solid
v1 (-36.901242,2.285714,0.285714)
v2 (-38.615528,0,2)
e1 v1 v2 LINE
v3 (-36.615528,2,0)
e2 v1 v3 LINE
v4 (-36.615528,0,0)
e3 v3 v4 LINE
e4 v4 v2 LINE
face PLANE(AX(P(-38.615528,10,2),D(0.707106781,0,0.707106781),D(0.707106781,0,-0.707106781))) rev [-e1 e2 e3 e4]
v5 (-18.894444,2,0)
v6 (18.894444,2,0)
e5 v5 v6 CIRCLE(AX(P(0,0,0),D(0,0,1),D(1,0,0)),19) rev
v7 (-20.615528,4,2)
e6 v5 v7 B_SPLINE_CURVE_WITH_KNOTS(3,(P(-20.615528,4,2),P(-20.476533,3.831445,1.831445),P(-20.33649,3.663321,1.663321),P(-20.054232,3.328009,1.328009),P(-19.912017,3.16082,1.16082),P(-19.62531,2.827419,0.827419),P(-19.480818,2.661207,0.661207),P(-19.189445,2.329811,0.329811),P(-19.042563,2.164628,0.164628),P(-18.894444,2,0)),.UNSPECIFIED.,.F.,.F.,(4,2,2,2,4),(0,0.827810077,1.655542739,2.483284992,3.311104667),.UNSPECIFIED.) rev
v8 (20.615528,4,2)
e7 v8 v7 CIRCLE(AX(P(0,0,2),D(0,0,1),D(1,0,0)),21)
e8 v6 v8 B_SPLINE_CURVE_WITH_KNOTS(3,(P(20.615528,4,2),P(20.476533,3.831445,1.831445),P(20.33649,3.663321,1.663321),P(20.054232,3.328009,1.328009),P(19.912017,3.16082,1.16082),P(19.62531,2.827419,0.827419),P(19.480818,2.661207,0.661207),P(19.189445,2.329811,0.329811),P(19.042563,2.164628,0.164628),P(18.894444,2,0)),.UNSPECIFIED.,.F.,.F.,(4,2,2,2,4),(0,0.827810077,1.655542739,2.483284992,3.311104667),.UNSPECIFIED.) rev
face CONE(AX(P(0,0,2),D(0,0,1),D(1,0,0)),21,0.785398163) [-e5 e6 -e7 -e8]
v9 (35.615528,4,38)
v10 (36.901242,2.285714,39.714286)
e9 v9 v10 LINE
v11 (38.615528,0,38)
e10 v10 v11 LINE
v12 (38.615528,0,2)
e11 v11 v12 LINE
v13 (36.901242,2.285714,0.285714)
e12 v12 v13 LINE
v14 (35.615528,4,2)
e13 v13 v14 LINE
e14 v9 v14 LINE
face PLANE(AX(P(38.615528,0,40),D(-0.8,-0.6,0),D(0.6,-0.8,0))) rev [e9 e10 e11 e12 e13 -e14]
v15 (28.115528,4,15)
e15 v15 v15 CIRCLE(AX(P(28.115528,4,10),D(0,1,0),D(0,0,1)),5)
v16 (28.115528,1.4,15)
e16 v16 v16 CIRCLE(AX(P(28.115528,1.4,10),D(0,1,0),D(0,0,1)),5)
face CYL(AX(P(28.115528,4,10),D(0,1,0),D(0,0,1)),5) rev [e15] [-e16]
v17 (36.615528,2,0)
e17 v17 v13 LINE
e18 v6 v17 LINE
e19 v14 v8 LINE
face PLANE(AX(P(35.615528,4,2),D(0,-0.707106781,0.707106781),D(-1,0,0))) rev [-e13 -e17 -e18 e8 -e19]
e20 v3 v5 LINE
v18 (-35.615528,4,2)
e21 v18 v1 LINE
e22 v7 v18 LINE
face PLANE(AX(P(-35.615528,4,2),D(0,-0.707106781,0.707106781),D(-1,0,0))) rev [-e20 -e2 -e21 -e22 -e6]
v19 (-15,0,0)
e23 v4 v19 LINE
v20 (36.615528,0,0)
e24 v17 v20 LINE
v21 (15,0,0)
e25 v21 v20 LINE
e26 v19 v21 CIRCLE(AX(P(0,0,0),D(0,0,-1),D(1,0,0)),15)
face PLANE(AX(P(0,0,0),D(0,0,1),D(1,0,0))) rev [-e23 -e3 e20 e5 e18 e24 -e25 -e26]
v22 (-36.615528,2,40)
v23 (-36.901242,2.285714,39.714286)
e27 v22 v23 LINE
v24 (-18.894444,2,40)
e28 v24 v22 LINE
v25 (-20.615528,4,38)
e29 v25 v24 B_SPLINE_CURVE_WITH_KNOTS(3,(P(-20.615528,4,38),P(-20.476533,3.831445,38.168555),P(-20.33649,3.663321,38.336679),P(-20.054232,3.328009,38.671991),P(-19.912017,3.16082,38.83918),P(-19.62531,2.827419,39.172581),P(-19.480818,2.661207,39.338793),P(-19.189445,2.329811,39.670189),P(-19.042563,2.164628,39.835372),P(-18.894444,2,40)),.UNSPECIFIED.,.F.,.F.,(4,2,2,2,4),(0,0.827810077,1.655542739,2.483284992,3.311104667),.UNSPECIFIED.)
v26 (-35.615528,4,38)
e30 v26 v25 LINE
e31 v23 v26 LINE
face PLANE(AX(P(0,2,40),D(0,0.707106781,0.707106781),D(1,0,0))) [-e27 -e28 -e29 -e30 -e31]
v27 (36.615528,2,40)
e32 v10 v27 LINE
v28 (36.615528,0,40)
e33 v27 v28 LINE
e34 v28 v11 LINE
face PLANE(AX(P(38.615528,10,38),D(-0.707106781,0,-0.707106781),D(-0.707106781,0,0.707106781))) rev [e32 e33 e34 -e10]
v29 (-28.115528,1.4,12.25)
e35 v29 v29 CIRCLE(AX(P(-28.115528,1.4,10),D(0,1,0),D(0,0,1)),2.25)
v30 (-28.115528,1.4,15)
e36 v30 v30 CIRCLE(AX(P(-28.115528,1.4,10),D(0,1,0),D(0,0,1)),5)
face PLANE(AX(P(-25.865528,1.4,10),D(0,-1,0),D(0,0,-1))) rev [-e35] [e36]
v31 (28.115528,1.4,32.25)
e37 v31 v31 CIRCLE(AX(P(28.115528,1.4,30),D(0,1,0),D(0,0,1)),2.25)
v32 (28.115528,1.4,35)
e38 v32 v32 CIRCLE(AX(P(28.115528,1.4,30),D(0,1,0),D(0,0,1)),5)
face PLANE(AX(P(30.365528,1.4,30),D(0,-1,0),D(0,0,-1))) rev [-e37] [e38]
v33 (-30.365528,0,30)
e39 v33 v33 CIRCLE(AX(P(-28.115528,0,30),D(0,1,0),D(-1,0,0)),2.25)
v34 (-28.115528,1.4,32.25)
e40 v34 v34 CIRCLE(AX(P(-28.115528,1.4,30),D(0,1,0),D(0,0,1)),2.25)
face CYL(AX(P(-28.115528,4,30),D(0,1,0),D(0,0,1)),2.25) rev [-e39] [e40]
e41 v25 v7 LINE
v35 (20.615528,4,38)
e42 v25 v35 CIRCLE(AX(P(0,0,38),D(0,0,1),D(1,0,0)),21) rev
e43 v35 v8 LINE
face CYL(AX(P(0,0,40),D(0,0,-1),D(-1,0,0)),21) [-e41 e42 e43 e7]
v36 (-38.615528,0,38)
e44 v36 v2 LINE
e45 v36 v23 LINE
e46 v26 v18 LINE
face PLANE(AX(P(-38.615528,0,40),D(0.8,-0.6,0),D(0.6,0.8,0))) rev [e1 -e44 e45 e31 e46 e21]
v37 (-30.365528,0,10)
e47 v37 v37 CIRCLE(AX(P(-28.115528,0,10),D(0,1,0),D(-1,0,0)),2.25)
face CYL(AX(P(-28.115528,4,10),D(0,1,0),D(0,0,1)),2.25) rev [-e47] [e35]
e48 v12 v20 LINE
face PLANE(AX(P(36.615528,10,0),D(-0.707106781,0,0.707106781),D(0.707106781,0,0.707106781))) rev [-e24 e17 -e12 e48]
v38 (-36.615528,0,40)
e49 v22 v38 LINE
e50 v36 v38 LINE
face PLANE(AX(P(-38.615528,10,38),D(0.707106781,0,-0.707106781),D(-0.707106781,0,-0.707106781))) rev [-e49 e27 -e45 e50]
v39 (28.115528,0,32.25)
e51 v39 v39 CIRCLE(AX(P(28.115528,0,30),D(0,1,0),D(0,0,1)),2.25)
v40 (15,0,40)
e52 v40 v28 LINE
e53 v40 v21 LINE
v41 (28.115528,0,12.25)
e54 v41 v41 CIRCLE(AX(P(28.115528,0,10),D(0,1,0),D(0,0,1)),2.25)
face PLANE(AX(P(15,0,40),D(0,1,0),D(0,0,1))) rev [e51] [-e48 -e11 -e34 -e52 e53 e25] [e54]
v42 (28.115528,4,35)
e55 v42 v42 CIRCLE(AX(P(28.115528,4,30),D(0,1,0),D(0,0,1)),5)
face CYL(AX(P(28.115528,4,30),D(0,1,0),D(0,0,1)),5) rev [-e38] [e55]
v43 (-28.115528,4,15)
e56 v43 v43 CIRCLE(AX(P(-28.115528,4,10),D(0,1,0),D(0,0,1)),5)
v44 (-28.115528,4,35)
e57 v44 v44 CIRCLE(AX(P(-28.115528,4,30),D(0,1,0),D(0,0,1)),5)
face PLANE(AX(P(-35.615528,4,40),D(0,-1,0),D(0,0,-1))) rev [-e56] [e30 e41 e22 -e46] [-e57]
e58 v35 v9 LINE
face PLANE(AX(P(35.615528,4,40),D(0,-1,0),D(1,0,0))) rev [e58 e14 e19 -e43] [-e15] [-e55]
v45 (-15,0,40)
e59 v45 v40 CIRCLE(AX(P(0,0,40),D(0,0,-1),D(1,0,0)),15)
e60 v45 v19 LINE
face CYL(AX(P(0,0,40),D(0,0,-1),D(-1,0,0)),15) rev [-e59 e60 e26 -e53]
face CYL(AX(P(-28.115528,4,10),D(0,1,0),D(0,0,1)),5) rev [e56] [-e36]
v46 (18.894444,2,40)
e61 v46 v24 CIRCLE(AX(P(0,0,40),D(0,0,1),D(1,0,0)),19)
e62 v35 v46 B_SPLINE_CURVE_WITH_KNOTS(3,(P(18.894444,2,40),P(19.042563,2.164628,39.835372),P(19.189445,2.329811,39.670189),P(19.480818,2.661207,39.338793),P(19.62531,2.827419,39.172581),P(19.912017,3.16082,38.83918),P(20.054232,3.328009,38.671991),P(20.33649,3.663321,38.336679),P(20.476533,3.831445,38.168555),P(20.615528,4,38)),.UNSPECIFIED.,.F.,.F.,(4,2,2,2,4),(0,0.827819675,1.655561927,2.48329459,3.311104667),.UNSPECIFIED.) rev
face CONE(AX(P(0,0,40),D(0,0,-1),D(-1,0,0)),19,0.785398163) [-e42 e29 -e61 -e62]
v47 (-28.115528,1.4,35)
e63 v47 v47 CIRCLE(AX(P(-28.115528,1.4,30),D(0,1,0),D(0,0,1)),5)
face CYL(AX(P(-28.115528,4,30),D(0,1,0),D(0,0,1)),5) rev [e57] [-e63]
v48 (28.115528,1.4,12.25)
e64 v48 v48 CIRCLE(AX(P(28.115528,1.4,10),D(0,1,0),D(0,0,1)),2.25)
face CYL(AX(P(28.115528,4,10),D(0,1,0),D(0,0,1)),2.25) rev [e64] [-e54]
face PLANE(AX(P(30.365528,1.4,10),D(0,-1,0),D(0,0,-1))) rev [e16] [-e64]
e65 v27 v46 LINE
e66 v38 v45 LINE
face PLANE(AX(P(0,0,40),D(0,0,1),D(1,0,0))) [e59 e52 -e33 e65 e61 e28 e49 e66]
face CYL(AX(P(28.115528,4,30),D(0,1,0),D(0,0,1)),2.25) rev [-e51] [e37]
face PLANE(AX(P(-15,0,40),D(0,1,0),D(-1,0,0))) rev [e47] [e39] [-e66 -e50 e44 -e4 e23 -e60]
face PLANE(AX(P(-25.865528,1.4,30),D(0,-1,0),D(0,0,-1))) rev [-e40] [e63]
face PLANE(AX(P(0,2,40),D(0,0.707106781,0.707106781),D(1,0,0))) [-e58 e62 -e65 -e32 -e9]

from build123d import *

# Parameters (mm, degrees)
ESTRUSIONE_ESTRUSIONE1_DEPTH                         = 40
FORO_LAMATO_PER_VITE_M4_A_TESTA_CILINDRI_D           = 4.5
FORO_LAMATO_PER_VITE_M4_A_TESTA_CILINDRI_DEPTH       = 80
FORO_LAMATO_PER_VITE_M4_A_TESTA_CILINDRI_CBORE_D     = 10
FORO_LAMATO_PER_VITE_M4_A_TESTA_CILINDRI_CBORE_DEPTH = 2.6
FORO_LAMATO_PER_VITE_M4_A_TESTA_CILINDRI_TIP         = 1.351936393
SMUSSO1_SIZE                                         = 2
TAGLIO_ESTRUSIONE1_DEPTH                             = 10


with BuildPart() as part:
    # Schizzo1 → Estrusione-Estrusione1 (new body)
    with BuildSketch(Plane.XY):
        with BuildLine():
            Line((-15, 0), (-38.615528128, 0))
            Line((-38.615528128, 0), (-35.615528128, 4))
            Line((-35.615528128, 4), (-20.615528128, 4))
            ThreePointArc((-20.615528128, 4), (0, 21), (20.615528128, 4))
            Line((20.615528128, 4), (35.615528128, 4))
            Line((35.615528128, 4), (38.615528128, 0))
            Line((38.615528128, 0), (15, 0))
            ThreePointArc((15, 0), (0, 15), (-15, 0))
        make_face()
    extrude(amount=ESTRUSIONE_ESTRUSIONE1_DEPTH)

    # Foro lamato per Vite M4 a testa cilindrica-1
    with Locations(Plane(origin=(0, 4, 0), x_dir=(1, 0, 0), z_dir=(0, 1, 0))):
        with Locations((-28.115528128, -10), (-28.115528128, -30), (28.115528128, -30), (28.115528128, -10)):
            CounterBoreHole(FORO_LAMATO_PER_VITE_M4_A_TESTA_CILINDRI_D / 2, FORO_LAMATO_PER_VITE_M4_A_TESTA_CILINDRI_CBORE_D / 2, FORO_LAMATO_PER_VITE_M4_A_TESTA_CILINDRI_CBORE_DEPTH, depth=FORO_LAMATO_PER_VITE_M4_A_TESTA_CILINDRI_DEPTH)
            with Locations((0, 0, -(FORO_LAMATO_PER_VITE_M4_A_TESTA_CILINDRI_DEPTH + FORO_LAMATO_PER_VITE_M4_A_TESTA_CILINDRI_TIP / 2))):  # 118° drill point
                Cone(0, FORO_LAMATO_PER_VITE_M4_A_TESTA_CILINDRI_D / 2, FORO_LAMATO_PER_VITE_M4_A_TESTA_CILINDRI_TIP, mode=Mode.SUBTRACT)

    # Smusso1
    smusso1_edges = [part.edges().sort_by_distance(p)[0] for p in [
        (28.115528128, 4, 0),
        (28.115528128, 4, 40),
        (0, 21, 40),
        (-28.115528128, 4, 40),
        (-28.115528128, 4, 0),
        (0, 21, 0),
    ]]
    chamfer(smusso1_edges, length=SMUSSO1_SIZE)

    # Schizzo4 → Taglio-Estrusione1 (cut)
    with BuildSketch(Plane.XZ):
        Polygon((-38.615528128, 38), (-36.615528128, 40), (-38.615528128, 40), align=None)
        Polygon((-38.615528128, 2), (-36.615528128, 0), (-38.615528128, 0), align=None)
        Polygon((36.615528128, 0), (38.615528128, 2), (38.615528128, 0), align=None)
        Polygon((36.615528128, 40), (38.615528128, 40), (38.615528128, 38), align=None)
    extrude(amount=-TAGLIO_ESTRUSIONE1_DEPTH, mode=Mode.SUBTRACT)


solid = part.part
